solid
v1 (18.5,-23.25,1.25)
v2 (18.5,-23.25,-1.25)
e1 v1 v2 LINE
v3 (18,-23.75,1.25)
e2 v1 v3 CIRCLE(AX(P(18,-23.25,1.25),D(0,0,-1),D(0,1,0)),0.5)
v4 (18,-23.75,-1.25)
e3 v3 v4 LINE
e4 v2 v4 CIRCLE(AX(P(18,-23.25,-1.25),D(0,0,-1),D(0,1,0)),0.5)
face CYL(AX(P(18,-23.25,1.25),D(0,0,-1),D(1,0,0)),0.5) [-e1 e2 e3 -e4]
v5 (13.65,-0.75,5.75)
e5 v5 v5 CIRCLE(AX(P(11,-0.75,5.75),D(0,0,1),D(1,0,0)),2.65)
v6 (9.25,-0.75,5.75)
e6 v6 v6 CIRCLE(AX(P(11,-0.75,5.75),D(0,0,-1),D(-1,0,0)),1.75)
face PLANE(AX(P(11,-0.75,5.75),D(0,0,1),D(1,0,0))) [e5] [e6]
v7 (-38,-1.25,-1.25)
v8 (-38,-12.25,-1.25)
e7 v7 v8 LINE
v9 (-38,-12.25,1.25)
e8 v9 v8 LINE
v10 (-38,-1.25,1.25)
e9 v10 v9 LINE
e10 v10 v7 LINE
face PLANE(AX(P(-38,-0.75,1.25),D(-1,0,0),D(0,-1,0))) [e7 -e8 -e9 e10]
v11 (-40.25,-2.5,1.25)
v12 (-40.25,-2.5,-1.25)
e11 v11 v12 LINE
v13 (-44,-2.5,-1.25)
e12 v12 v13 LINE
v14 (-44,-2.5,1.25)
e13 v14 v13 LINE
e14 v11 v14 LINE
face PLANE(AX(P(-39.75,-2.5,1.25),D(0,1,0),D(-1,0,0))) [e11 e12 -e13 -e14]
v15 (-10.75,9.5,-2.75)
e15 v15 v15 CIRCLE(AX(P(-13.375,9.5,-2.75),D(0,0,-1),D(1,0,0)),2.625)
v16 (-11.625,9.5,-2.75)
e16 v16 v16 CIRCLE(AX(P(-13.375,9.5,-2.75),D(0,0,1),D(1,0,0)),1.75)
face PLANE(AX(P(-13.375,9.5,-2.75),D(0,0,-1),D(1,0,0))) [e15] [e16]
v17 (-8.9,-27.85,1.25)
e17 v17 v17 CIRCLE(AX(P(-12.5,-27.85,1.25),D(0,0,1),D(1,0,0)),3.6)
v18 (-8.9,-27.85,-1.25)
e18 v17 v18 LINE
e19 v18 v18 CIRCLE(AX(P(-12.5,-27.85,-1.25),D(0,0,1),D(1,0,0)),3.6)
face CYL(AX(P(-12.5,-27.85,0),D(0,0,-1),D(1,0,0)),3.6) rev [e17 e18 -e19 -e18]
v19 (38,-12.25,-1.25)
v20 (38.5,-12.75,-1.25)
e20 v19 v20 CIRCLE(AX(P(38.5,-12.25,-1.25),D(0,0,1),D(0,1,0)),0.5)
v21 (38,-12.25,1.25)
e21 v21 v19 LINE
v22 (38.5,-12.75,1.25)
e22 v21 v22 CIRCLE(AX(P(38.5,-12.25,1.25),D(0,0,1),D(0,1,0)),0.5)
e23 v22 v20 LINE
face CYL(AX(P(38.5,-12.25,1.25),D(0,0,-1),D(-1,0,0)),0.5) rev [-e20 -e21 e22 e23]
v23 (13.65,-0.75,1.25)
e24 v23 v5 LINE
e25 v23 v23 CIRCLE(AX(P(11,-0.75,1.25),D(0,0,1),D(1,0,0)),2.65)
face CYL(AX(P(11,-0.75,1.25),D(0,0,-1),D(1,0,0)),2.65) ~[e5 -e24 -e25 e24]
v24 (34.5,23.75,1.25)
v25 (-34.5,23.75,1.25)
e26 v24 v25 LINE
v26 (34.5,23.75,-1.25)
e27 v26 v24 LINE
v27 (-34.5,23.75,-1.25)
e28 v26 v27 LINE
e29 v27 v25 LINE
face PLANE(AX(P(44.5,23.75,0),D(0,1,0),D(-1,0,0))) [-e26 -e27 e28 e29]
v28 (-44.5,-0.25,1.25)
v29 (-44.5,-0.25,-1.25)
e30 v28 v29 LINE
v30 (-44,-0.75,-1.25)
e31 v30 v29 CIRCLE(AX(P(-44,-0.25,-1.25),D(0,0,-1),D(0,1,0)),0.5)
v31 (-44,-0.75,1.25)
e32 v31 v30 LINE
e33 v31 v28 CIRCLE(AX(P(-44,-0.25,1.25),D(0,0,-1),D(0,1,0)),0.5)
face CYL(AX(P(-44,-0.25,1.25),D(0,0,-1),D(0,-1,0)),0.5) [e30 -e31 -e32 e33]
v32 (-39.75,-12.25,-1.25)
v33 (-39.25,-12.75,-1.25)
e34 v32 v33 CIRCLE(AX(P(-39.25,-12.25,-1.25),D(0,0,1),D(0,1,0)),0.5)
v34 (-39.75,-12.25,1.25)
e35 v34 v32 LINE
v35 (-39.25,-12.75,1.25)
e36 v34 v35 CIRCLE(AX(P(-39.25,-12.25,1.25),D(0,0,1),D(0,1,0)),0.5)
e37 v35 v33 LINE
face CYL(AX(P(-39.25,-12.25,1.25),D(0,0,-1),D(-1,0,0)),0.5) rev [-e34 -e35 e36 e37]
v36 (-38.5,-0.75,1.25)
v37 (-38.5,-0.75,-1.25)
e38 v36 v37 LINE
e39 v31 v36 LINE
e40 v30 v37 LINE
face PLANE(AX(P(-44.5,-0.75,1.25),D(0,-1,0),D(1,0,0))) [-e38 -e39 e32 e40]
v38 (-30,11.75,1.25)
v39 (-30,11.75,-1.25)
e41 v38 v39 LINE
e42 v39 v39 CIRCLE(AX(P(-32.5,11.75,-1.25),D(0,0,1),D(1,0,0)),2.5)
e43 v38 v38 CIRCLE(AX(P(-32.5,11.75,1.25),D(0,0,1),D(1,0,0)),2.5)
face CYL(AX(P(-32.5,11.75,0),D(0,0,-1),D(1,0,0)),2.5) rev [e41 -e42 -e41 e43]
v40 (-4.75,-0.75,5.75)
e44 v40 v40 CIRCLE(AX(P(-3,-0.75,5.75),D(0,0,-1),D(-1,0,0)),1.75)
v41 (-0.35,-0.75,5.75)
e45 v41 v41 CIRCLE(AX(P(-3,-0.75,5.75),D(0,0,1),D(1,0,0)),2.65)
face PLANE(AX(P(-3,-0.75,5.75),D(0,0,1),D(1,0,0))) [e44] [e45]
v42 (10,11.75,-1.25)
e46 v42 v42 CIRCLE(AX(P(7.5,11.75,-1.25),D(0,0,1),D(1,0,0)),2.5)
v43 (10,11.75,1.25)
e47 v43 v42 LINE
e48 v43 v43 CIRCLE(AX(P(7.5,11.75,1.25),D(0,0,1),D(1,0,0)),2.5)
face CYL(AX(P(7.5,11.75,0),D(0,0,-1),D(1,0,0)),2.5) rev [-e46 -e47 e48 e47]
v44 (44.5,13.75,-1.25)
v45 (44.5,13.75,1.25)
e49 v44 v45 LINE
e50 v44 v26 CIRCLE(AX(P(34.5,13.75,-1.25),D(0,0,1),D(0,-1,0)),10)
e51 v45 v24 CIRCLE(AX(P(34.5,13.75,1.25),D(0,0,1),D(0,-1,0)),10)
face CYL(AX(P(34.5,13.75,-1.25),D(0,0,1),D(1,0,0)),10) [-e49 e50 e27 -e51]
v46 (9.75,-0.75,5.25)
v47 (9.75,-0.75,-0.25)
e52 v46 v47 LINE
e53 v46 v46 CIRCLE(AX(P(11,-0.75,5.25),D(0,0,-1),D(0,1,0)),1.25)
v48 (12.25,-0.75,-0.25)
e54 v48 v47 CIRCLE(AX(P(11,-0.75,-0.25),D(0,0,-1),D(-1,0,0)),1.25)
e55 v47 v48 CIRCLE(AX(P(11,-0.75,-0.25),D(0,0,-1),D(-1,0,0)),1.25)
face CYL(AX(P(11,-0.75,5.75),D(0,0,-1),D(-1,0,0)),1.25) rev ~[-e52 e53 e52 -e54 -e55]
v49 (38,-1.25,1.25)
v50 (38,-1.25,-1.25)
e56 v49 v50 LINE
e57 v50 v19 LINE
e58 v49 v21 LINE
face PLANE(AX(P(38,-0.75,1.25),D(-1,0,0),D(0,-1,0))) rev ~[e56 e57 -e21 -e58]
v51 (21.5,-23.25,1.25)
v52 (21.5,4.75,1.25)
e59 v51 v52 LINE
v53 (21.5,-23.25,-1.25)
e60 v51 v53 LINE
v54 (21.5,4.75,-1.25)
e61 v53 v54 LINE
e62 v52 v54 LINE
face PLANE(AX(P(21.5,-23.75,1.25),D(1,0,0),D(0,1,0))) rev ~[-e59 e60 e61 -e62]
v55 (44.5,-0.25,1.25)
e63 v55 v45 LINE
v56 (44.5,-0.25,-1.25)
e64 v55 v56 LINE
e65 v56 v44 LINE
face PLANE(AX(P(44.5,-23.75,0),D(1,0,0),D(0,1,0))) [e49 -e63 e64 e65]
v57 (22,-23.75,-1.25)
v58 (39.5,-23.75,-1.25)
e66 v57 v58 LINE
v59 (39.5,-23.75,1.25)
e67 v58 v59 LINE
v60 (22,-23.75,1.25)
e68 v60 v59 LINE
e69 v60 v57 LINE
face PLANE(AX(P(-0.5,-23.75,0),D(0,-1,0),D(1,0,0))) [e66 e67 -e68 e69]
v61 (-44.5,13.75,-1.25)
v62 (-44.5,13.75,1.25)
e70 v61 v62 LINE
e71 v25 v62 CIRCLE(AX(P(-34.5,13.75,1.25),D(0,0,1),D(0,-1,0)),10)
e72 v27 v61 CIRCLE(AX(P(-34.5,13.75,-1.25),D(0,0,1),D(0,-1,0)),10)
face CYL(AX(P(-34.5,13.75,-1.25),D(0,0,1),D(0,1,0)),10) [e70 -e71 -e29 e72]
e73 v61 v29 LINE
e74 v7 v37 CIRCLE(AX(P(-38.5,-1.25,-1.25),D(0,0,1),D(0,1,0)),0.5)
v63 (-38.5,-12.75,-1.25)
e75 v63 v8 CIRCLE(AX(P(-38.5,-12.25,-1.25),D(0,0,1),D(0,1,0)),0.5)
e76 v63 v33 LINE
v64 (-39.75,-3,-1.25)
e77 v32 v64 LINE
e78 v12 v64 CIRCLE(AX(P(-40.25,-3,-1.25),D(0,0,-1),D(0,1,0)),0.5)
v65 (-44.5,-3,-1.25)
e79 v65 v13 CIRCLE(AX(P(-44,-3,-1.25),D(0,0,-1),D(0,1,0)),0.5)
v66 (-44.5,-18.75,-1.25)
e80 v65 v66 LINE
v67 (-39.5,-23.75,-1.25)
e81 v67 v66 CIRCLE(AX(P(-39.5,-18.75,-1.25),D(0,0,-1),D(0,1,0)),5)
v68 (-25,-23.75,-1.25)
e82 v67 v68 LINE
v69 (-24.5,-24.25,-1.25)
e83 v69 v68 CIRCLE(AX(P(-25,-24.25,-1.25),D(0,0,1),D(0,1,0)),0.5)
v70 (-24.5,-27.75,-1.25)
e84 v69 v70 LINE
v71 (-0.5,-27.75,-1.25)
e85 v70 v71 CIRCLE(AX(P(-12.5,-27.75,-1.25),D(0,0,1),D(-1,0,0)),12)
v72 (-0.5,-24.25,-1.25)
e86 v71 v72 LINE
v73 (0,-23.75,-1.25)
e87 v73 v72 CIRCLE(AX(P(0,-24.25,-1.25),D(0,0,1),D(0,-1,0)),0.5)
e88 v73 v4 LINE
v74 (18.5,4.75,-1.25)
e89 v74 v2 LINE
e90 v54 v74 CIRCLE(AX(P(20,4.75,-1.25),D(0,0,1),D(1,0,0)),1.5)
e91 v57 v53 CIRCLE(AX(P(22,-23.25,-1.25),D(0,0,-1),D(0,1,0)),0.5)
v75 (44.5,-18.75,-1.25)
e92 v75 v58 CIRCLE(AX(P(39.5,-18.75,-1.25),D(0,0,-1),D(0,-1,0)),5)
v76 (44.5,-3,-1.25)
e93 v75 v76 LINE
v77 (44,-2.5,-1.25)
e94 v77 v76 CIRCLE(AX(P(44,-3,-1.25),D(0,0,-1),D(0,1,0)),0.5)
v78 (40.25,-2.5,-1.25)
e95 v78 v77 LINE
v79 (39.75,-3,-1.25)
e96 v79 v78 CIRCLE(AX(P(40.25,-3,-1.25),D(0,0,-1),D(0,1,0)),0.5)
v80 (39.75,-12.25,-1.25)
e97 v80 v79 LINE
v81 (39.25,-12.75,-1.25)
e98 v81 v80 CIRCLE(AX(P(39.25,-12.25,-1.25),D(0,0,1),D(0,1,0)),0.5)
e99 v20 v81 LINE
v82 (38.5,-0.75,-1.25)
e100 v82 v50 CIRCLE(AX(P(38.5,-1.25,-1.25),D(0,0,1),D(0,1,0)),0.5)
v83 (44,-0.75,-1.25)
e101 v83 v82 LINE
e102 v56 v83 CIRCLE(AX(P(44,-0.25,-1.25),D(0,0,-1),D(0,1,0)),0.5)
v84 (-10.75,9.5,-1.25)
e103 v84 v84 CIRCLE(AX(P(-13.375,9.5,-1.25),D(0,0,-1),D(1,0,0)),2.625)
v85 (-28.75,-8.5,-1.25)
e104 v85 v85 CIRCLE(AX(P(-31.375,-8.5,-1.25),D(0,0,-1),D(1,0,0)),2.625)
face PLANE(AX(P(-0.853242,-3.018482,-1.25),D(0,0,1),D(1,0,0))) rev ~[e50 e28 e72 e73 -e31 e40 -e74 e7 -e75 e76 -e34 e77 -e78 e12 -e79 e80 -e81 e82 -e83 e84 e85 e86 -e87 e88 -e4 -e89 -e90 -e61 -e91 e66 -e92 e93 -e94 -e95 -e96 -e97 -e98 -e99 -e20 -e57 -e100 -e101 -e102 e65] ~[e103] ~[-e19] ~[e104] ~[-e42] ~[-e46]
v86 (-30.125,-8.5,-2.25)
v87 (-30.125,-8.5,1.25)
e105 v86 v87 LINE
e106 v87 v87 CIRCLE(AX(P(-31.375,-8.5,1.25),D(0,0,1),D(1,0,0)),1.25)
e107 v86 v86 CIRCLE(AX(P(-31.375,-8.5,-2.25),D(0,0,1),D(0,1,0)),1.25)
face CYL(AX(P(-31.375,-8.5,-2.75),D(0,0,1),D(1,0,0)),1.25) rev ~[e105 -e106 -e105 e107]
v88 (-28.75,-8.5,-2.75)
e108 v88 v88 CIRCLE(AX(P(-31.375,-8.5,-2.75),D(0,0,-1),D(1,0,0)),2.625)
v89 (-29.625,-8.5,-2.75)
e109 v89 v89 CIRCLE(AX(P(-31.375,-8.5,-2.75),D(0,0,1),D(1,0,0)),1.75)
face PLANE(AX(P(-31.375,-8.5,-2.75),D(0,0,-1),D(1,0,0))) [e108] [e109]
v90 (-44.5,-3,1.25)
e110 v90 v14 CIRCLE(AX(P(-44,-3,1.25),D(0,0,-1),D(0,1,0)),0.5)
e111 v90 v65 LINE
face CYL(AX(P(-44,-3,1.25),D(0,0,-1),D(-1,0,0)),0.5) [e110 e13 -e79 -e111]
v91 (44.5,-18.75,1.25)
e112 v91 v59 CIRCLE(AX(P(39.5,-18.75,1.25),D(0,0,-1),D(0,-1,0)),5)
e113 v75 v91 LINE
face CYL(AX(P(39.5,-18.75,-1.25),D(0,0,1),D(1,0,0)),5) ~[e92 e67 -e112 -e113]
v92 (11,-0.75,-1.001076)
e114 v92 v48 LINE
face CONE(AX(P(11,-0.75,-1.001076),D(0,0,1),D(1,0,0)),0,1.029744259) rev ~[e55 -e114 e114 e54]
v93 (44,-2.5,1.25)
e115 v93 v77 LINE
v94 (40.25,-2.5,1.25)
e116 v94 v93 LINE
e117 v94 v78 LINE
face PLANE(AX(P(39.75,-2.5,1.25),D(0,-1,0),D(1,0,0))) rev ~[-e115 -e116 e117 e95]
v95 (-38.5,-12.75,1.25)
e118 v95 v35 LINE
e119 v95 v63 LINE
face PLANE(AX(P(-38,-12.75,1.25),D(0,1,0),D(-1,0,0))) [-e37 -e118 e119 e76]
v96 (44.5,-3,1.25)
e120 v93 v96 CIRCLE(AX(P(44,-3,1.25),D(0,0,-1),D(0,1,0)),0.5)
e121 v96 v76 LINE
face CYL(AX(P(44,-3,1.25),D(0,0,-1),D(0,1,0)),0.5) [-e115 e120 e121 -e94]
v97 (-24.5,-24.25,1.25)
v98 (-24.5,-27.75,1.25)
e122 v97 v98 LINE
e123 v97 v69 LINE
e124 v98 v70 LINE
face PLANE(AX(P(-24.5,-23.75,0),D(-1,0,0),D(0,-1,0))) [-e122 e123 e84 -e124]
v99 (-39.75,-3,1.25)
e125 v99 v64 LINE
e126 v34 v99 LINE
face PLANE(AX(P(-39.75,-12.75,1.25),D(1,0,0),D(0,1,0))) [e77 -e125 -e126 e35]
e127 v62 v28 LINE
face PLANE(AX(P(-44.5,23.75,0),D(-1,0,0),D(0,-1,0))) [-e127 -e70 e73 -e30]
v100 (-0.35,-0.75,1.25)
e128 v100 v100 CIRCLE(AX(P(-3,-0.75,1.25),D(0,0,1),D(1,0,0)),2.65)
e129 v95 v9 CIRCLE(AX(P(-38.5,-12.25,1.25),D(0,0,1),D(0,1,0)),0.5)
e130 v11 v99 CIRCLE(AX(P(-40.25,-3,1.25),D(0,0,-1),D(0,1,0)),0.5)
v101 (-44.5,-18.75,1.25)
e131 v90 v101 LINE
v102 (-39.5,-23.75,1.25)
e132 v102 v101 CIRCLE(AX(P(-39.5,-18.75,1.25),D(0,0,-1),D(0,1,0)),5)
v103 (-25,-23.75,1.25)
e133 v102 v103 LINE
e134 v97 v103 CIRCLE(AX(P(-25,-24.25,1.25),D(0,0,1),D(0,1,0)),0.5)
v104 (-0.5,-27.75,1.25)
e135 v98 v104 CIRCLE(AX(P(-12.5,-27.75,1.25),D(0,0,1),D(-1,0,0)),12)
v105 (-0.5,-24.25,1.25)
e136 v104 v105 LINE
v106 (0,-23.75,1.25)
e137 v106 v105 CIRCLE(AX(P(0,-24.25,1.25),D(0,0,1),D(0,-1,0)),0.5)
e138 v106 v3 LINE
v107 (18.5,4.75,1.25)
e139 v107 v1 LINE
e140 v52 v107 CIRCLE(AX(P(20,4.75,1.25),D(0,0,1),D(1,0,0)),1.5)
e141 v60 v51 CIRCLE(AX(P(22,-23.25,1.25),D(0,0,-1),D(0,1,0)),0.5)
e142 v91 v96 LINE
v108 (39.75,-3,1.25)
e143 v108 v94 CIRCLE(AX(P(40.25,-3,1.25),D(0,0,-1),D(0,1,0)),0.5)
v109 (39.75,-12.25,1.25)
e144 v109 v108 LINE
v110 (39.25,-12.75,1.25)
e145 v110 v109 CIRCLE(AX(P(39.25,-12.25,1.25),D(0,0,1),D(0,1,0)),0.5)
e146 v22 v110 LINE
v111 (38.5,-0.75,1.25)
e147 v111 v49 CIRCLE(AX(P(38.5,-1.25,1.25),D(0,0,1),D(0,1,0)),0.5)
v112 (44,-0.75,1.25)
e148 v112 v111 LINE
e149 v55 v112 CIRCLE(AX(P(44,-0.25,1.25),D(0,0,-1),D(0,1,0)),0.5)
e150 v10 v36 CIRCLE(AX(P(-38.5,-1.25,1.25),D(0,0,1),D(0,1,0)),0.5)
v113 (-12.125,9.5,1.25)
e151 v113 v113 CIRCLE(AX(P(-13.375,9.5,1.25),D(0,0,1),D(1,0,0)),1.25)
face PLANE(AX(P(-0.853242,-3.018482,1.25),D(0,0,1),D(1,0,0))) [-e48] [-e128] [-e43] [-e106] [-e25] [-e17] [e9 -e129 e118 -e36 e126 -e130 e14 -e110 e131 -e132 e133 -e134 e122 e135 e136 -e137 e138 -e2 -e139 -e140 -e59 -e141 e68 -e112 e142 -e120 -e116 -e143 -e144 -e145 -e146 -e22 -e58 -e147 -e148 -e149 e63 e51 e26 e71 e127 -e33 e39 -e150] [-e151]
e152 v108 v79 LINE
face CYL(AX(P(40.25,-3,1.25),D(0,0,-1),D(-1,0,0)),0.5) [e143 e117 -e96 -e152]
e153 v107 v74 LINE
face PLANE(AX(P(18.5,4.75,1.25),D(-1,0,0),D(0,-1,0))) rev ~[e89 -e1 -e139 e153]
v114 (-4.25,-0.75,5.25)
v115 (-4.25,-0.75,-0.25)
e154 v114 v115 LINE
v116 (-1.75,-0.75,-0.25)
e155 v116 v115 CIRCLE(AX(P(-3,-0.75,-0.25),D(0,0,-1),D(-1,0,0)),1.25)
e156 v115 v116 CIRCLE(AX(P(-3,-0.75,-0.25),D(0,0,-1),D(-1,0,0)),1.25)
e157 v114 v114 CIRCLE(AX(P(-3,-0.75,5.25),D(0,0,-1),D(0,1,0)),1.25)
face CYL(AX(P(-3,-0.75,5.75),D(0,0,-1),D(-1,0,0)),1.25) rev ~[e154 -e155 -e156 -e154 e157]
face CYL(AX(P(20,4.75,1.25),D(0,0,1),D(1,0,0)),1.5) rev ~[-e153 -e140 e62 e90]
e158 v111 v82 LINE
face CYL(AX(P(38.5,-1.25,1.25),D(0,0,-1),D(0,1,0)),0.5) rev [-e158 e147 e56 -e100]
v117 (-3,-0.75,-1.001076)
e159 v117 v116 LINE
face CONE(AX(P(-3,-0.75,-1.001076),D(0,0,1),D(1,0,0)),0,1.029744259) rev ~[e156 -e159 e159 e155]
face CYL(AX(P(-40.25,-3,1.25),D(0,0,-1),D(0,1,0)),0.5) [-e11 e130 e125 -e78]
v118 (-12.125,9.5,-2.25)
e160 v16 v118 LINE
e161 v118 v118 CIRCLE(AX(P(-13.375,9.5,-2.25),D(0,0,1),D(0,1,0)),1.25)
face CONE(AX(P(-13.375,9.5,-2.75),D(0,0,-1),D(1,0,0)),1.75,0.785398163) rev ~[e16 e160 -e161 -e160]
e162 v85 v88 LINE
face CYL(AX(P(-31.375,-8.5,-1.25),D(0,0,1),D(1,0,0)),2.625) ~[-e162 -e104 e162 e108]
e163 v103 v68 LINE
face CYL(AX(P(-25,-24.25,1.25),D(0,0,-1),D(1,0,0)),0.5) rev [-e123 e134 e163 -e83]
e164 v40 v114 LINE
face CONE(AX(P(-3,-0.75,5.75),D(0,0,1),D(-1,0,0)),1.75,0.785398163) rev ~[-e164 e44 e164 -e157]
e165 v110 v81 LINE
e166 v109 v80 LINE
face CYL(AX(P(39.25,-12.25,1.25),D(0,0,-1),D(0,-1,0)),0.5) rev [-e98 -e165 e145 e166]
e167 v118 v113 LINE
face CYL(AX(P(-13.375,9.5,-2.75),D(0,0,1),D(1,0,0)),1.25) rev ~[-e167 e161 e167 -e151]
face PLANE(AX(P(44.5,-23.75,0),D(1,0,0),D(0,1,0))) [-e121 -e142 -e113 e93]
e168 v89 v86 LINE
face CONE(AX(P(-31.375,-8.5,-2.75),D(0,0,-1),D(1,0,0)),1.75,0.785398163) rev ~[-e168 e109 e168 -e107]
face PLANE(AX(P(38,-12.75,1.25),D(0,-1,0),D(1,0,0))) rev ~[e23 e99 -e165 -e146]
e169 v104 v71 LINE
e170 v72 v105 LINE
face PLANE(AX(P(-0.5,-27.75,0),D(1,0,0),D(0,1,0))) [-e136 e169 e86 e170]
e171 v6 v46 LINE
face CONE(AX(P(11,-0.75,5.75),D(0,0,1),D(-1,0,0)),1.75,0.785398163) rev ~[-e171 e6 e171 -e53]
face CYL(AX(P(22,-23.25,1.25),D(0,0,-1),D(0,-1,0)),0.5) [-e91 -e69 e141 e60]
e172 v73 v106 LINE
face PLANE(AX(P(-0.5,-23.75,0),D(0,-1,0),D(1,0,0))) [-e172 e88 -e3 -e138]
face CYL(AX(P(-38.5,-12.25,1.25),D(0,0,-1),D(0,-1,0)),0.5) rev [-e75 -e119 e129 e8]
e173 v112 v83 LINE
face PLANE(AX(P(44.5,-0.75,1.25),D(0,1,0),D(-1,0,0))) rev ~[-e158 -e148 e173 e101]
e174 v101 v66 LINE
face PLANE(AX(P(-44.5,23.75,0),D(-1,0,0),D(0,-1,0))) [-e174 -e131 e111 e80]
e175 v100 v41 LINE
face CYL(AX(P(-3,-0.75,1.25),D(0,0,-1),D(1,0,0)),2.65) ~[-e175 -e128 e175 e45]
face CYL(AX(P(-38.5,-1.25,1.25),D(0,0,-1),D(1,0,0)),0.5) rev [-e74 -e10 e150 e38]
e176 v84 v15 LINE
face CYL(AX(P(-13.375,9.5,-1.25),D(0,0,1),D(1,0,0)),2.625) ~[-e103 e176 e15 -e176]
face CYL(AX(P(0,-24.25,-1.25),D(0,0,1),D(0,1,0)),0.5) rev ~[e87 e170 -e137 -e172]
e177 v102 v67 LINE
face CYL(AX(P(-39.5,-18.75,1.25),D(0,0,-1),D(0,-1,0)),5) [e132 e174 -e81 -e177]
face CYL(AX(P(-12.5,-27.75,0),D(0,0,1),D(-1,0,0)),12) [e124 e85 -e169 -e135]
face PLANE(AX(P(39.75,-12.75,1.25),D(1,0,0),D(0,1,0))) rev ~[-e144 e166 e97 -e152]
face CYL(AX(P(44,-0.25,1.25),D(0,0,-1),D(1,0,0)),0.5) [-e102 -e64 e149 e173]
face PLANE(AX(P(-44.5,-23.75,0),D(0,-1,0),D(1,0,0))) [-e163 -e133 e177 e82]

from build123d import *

# Parameters (mm, degrees)
SKETCH1_R                       = 3.6
SKETCH1_R_2                     = 2.5
BOSS_EXTRUDE1_DEPTH             = 1.25
FILLET1_R                       = 5
FILLET2_R                       = 10
CUT_EXTRUDE1_DEPTH              = 60.720704115
FILLET3_R                       = 0.5
SKETCH3_R                       = 2.65
BOSS_EXTRUDE2_DEPTH             = 4.5
M3X0_5_TAPPED_HOLE1_D           = 2.5
M3X0_5_TAPPED_HOLE1_DEPTH       = 6
M3X0_5_TAPPED_HOLE1_CSINK_D     = 3.5
M3X0_5_TAPPED_HOLE1_CSINK_ANGLE = 90
M3X0_5_TAPPED_HOLE1_TIP         = 0.751075774
SKETCH7_R                       = 2.625
BOSS_EXTRUDE3_DEPTH             = 1.5
M3X0_5_TAPPED_HOLE2_D           = 2.5
M3X0_5_TAPPED_HOLE2_CSINK_D     = 3.5
M3X0_5_TAPPED_HOLE2_CSINK_ANGLE = 90


with BuildPart() as part:
    # Sketch1 → Boss-Extrude1 (new, symmetric)
    with BuildSketch(Plane.XY):
        with BuildLine():
            Line((-0.5, -27.75), (-0.5, -23.75))
            Line((-0.5, -23.75), (44.5, -23.75))
            Line((44.5, -23.75), (44.5, 23.75))
            Line((44.5, 23.75), (-44.5, 23.75))
            Line((-44.5, 23.75), (-44.5, -23.75))
            Line((-44.5, -23.75), (-24.5, -23.75))
            Line((-24.5, -23.75), (-24.5, -27.75))
            ThreePointArc((-24.5, -27.75), (-12.5, -39.75), (-0.5, -27.75))
        make_face()
        with Locations((-12.5, -27.85)):
            Circle(SKETCH1_R, mode=Mode.SUBTRACT)
        with Locations((7.5, 11.75)):
            Circle(SKETCH1_R_2, mode=Mode.SUBTRACT)
        with Locations((-32.5, 11.75)):
            Circle(SKETCH1_R_2, mode=Mode.SUBTRACT)
    extrude(amount=BOSS_EXTRUDE1_DEPTH, both=True)

    # Fillet1
    fillet1_edges = [part.edges().sort_by_distance(p)[0] for p in [
        (44.5, -23.75, 0),
        (-44.5, -23.75, 0),
    ]]
    fillet(fillet1_edges, radius=FILLET1_R)

    # Fillet2
    fillet2_edges = [part.edges().sort_by_distance(p)[0] for p in [
        (-44.5, 23.75, 0),
        (44.5, 23.75, 0),
    ]]
    fillet(fillet2_edges, radius=FILLET2_R)

    # Sketch2 → Cut-Extrude1 (cut, through all)
    with BuildSketch(Plane.XY.offset(1.25)):
        with BuildLine():
            Line((18.5, -23.75), (21.5, -23.75))
            Line((21.5, -23.75), (21.5, 4.75))
            ThreePointArc((21.5, 4.75), (20, 6.25), (18.5, 4.75))
            Line((18.5, 4.75), (18.5, -23.75))
        make_face()
        Polygon((44.5, -0.75), (38, -0.75), (38, -12.75), (39.75, -12.75), (39.75, -2.5), (44.5, -2.5), align=None)
        Polygon((-38, -12.75), (-39.75, -12.75), (-39.75, -2.5), (-44.5, -2.5), (-44.5, -0.75), (-38, -0.75), align=None)
    extrude(amount=-CUT_EXTRUDE1_DEPTH, mode=Mode.SUBTRACT)

    # Fillet3
    fillet3_edges = [part.edges().sort_by_distance(p)[0] for p in [
        (-0.5, -23.75, 0),
        (-24.5, -23.75, 0),
        (44.5, -0.75, 0),
        (44.5, -2.5, 0),
        (39.75, -2.5, 0),
        (39.75, -12.75, 0),
        (38, -12.75, 0),
        (38, -0.75, 0),
        (-38, -0.75, 0),
        (-38, -12.75, 0),
        (-39.75, -12.75, 0),
        (-39.75, -2.5, 0),
        (-44.5, -2.5, 0),
        (-44.5, -0.75, 0),
        (18.5, -23.75, 0),
        (21.5, -23.75, 0),
    ]]
    fillet(fillet3_edges, radius=FILLET3_R)

    # Sketch3 → Boss-Extrude2 (add)
    with BuildSketch(Plane.XY.offset(1.25)):
        with Locations((11, -0.75)):
            Circle(SKETCH3_R)
        with Locations((-3, -0.75)):
            Circle(SKETCH3_R)
    extrude(amount=BOSS_EXTRUDE2_DEPTH)

    # M3x0.5 Tapped Hole1
    with Locations(Plane.XY.offset(5.75)):
        with Locations((-3, -0.75), (11, -0.75)):
            CounterSinkHole(M3X0_5_TAPPED_HOLE1_D / 2, M3X0_5_TAPPED_HOLE1_CSINK_D / 2, depth=M3X0_5_TAPPED_HOLE1_DEPTH, counter_sink_angle=M3X0_5_TAPPED_HOLE1_CSINK_ANGLE)
            with Locations((0, 0, -(M3X0_5_TAPPED_HOLE1_DEPTH + M3X0_5_TAPPED_HOLE1_TIP / 2))):  # 118° drill point
                Cone(0, M3X0_5_TAPPED_HOLE1_D / 2, M3X0_5_TAPPED_HOLE1_TIP, mode=Mode.SUBTRACT)

    # Sketch7 → Boss-Extrude3 (add)
    with BuildSketch(Plane(origin=(0, 0, -1.25), x_dir=(-1, 0, 0), z_dir=(0, 0, -1))):
        with Locations(Location((13.375, 9.5, 0), (0, 0, 180))):
            Circle(SKETCH7_R)
        with Locations(Location((31.375, -8.5, 0), (0, 0, 180))):
            Circle(SKETCH7_R)
    extrude(amount=BOSS_EXTRUDE3_DEPTH)

    # M3x0.5 Tapped Hole2 (through all)
    with Locations(Plane(origin=(0, 0, -2.75), x_dir=(-1, 0, 0), z_dir=(0, 0, -1))):
        with Locations((13.375, 9.5), (31.375, -8.5)):
            CounterSinkHole(M3X0_5_TAPPED_HOLE2_D / 2, M3X0_5_TAPPED_HOLE2_CSINK_D / 2, counter_sink_angle=M3X0_5_TAPPED_HOLE2_CSINK_ANGLE)


solid = part.part
